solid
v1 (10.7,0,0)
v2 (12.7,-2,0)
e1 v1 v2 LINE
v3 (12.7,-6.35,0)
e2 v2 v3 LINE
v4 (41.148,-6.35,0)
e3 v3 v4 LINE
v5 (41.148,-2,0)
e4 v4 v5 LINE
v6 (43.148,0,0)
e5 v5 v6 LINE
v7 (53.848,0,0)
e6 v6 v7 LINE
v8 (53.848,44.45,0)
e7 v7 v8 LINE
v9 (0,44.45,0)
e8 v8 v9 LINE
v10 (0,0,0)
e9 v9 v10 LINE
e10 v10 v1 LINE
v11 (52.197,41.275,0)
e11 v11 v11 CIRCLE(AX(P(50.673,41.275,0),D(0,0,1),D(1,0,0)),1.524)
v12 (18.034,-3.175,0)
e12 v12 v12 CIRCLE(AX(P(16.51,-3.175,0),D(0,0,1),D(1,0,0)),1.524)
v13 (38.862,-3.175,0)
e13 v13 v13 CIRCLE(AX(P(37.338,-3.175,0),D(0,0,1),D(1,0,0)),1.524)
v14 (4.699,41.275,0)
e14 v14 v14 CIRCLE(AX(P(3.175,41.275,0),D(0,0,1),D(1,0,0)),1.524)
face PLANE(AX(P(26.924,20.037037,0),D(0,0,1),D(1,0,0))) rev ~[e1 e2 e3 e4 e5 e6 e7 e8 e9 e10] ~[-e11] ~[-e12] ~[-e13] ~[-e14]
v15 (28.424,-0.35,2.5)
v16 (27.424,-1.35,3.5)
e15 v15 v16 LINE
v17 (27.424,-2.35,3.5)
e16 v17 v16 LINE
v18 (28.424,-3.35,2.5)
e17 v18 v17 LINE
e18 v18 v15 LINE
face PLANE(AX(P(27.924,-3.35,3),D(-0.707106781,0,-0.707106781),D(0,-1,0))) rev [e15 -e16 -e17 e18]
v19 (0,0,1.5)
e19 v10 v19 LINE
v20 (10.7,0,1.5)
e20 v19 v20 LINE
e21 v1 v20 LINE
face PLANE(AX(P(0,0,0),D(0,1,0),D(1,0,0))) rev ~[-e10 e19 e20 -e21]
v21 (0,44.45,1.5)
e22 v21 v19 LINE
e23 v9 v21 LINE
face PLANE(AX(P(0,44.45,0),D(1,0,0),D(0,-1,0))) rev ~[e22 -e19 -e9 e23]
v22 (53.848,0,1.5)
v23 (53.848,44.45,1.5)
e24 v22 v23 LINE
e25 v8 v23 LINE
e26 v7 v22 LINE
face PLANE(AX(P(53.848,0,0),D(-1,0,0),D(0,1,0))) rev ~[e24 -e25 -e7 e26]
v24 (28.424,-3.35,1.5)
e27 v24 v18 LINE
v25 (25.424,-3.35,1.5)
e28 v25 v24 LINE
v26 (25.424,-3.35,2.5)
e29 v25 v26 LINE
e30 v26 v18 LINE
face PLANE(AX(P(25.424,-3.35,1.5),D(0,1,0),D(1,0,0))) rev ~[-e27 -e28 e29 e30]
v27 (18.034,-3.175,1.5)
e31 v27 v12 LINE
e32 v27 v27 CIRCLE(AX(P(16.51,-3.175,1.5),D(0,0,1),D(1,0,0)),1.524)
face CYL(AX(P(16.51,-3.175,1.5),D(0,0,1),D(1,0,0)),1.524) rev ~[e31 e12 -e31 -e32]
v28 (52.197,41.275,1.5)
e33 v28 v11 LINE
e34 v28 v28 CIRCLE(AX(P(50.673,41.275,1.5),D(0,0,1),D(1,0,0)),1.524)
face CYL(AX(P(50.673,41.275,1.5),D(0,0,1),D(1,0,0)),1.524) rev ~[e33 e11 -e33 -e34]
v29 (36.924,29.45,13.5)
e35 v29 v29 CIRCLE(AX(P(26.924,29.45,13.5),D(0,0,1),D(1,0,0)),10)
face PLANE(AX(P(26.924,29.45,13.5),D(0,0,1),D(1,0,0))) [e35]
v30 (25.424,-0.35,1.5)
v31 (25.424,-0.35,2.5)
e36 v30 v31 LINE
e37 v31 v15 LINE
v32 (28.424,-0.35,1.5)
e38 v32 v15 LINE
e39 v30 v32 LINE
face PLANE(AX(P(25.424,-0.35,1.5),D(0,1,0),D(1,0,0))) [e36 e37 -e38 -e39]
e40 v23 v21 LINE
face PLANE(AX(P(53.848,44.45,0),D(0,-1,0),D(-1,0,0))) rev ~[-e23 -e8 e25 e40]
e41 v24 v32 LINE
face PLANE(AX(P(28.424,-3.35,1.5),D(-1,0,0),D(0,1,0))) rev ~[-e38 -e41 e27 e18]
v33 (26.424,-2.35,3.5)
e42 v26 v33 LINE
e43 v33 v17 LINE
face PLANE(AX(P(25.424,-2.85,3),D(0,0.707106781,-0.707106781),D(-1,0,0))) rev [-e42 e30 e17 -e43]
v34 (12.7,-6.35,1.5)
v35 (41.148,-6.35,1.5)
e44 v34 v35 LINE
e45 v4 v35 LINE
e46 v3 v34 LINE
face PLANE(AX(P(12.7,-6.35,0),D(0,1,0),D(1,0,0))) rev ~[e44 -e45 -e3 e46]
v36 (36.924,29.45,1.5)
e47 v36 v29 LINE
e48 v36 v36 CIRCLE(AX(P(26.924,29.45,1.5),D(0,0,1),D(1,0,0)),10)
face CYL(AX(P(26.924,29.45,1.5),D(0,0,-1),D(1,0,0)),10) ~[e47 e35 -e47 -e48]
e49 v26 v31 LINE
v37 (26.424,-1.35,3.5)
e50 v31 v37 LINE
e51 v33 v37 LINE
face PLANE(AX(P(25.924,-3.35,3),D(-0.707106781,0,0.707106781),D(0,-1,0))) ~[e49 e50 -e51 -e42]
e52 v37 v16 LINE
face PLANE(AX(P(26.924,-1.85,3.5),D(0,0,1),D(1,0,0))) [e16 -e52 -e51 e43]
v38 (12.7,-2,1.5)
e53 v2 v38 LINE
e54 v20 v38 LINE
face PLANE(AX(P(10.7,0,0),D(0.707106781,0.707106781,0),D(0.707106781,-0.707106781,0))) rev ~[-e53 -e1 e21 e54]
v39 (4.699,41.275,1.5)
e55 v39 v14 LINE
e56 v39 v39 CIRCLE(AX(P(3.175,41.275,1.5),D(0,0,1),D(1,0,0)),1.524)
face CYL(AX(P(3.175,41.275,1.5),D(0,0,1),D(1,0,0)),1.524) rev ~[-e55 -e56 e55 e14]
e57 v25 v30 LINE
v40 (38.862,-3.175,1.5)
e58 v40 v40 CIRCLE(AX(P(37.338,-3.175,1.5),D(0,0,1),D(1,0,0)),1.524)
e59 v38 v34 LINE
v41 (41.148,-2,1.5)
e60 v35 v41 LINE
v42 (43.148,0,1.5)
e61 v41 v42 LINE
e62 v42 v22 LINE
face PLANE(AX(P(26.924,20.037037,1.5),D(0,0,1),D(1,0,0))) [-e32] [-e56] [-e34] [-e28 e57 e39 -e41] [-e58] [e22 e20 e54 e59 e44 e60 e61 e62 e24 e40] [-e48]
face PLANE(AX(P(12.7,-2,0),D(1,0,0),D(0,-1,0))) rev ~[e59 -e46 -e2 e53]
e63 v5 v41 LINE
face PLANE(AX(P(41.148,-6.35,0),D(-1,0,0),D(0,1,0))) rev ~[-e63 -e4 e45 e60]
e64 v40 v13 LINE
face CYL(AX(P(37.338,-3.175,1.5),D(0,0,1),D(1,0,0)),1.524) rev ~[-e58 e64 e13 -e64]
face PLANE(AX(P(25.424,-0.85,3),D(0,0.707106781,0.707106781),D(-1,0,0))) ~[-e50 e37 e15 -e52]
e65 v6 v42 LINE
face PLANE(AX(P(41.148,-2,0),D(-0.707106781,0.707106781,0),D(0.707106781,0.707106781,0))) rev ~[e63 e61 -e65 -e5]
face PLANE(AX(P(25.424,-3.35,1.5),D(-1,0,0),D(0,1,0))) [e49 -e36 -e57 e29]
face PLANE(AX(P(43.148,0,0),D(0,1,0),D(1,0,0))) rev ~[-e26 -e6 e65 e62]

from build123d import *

# Parameters (mm, degrees)
F1_DEPTH = 1.5
F2_R     = 1.524
F3_DEPTH = 25
F5_R     = 10
F6_DEPTH = 12
F7_W     = 3
F7_H     = 3
F8_DEPTH = 2
F9_SIZE  = 1


with BuildPart() as f1:
    # F0 (on Top) → F1 (new body)
    with BuildSketch(Plane.XY):
        Polygon((12.7, -2), (12.7, -6.35), (41.148, -6.35), (41.148, -2), (43.148, 0), (53.848, 0), (53.848, 44.45), (0, 44.45), (0, 0), (10.7, 0), align=None)
    extrude(amount=F1_DEPTH)

    # F2 (on face) → F3 (cut)
    with BuildSketch(Plane.XY.offset(1.5)):
        with Locations((3.175, 41.275)):
            Circle(F2_R)
        with Locations((50.673, 41.275)):
            Circle(F2_R)
        with Locations((16.51, -3.175)):
            Circle(F2_R)
        with Locations((37.338, -3.175)):
            Circle(F2_R)
    extrude(amount=-F3_DEPTH, mode=Mode.SUBTRACT)

    # F5 (on face) → F6 (join)
    with BuildSketch(Plane.XY.offset(1.5)):
        with Locations((26.924, 29.45)):
            Circle(F5_R)
    extrude(amount=F6_DEPTH)

    # F7 (on face) → F8 (join)
    with BuildSketch(Plane.XY.offset(1.5)):
        with Locations((26.924, -1.85)):
            Rectangle(F7_W, F7_H)
    extrude(amount=F8_DEPTH)

    # F9
    f9_edges = [f1.edges().sort_by_distance(p)[0] for p in [
        (26.924, -0.35, 3.5),
        (25.424, -1.85, 3.5),
        (28.424, -1.85, 3.5),
        (26.924, -3.35, 3.5),
    ]]
    chamfer(f9_edges, length=F9_SIZE)


solid = f1.part
